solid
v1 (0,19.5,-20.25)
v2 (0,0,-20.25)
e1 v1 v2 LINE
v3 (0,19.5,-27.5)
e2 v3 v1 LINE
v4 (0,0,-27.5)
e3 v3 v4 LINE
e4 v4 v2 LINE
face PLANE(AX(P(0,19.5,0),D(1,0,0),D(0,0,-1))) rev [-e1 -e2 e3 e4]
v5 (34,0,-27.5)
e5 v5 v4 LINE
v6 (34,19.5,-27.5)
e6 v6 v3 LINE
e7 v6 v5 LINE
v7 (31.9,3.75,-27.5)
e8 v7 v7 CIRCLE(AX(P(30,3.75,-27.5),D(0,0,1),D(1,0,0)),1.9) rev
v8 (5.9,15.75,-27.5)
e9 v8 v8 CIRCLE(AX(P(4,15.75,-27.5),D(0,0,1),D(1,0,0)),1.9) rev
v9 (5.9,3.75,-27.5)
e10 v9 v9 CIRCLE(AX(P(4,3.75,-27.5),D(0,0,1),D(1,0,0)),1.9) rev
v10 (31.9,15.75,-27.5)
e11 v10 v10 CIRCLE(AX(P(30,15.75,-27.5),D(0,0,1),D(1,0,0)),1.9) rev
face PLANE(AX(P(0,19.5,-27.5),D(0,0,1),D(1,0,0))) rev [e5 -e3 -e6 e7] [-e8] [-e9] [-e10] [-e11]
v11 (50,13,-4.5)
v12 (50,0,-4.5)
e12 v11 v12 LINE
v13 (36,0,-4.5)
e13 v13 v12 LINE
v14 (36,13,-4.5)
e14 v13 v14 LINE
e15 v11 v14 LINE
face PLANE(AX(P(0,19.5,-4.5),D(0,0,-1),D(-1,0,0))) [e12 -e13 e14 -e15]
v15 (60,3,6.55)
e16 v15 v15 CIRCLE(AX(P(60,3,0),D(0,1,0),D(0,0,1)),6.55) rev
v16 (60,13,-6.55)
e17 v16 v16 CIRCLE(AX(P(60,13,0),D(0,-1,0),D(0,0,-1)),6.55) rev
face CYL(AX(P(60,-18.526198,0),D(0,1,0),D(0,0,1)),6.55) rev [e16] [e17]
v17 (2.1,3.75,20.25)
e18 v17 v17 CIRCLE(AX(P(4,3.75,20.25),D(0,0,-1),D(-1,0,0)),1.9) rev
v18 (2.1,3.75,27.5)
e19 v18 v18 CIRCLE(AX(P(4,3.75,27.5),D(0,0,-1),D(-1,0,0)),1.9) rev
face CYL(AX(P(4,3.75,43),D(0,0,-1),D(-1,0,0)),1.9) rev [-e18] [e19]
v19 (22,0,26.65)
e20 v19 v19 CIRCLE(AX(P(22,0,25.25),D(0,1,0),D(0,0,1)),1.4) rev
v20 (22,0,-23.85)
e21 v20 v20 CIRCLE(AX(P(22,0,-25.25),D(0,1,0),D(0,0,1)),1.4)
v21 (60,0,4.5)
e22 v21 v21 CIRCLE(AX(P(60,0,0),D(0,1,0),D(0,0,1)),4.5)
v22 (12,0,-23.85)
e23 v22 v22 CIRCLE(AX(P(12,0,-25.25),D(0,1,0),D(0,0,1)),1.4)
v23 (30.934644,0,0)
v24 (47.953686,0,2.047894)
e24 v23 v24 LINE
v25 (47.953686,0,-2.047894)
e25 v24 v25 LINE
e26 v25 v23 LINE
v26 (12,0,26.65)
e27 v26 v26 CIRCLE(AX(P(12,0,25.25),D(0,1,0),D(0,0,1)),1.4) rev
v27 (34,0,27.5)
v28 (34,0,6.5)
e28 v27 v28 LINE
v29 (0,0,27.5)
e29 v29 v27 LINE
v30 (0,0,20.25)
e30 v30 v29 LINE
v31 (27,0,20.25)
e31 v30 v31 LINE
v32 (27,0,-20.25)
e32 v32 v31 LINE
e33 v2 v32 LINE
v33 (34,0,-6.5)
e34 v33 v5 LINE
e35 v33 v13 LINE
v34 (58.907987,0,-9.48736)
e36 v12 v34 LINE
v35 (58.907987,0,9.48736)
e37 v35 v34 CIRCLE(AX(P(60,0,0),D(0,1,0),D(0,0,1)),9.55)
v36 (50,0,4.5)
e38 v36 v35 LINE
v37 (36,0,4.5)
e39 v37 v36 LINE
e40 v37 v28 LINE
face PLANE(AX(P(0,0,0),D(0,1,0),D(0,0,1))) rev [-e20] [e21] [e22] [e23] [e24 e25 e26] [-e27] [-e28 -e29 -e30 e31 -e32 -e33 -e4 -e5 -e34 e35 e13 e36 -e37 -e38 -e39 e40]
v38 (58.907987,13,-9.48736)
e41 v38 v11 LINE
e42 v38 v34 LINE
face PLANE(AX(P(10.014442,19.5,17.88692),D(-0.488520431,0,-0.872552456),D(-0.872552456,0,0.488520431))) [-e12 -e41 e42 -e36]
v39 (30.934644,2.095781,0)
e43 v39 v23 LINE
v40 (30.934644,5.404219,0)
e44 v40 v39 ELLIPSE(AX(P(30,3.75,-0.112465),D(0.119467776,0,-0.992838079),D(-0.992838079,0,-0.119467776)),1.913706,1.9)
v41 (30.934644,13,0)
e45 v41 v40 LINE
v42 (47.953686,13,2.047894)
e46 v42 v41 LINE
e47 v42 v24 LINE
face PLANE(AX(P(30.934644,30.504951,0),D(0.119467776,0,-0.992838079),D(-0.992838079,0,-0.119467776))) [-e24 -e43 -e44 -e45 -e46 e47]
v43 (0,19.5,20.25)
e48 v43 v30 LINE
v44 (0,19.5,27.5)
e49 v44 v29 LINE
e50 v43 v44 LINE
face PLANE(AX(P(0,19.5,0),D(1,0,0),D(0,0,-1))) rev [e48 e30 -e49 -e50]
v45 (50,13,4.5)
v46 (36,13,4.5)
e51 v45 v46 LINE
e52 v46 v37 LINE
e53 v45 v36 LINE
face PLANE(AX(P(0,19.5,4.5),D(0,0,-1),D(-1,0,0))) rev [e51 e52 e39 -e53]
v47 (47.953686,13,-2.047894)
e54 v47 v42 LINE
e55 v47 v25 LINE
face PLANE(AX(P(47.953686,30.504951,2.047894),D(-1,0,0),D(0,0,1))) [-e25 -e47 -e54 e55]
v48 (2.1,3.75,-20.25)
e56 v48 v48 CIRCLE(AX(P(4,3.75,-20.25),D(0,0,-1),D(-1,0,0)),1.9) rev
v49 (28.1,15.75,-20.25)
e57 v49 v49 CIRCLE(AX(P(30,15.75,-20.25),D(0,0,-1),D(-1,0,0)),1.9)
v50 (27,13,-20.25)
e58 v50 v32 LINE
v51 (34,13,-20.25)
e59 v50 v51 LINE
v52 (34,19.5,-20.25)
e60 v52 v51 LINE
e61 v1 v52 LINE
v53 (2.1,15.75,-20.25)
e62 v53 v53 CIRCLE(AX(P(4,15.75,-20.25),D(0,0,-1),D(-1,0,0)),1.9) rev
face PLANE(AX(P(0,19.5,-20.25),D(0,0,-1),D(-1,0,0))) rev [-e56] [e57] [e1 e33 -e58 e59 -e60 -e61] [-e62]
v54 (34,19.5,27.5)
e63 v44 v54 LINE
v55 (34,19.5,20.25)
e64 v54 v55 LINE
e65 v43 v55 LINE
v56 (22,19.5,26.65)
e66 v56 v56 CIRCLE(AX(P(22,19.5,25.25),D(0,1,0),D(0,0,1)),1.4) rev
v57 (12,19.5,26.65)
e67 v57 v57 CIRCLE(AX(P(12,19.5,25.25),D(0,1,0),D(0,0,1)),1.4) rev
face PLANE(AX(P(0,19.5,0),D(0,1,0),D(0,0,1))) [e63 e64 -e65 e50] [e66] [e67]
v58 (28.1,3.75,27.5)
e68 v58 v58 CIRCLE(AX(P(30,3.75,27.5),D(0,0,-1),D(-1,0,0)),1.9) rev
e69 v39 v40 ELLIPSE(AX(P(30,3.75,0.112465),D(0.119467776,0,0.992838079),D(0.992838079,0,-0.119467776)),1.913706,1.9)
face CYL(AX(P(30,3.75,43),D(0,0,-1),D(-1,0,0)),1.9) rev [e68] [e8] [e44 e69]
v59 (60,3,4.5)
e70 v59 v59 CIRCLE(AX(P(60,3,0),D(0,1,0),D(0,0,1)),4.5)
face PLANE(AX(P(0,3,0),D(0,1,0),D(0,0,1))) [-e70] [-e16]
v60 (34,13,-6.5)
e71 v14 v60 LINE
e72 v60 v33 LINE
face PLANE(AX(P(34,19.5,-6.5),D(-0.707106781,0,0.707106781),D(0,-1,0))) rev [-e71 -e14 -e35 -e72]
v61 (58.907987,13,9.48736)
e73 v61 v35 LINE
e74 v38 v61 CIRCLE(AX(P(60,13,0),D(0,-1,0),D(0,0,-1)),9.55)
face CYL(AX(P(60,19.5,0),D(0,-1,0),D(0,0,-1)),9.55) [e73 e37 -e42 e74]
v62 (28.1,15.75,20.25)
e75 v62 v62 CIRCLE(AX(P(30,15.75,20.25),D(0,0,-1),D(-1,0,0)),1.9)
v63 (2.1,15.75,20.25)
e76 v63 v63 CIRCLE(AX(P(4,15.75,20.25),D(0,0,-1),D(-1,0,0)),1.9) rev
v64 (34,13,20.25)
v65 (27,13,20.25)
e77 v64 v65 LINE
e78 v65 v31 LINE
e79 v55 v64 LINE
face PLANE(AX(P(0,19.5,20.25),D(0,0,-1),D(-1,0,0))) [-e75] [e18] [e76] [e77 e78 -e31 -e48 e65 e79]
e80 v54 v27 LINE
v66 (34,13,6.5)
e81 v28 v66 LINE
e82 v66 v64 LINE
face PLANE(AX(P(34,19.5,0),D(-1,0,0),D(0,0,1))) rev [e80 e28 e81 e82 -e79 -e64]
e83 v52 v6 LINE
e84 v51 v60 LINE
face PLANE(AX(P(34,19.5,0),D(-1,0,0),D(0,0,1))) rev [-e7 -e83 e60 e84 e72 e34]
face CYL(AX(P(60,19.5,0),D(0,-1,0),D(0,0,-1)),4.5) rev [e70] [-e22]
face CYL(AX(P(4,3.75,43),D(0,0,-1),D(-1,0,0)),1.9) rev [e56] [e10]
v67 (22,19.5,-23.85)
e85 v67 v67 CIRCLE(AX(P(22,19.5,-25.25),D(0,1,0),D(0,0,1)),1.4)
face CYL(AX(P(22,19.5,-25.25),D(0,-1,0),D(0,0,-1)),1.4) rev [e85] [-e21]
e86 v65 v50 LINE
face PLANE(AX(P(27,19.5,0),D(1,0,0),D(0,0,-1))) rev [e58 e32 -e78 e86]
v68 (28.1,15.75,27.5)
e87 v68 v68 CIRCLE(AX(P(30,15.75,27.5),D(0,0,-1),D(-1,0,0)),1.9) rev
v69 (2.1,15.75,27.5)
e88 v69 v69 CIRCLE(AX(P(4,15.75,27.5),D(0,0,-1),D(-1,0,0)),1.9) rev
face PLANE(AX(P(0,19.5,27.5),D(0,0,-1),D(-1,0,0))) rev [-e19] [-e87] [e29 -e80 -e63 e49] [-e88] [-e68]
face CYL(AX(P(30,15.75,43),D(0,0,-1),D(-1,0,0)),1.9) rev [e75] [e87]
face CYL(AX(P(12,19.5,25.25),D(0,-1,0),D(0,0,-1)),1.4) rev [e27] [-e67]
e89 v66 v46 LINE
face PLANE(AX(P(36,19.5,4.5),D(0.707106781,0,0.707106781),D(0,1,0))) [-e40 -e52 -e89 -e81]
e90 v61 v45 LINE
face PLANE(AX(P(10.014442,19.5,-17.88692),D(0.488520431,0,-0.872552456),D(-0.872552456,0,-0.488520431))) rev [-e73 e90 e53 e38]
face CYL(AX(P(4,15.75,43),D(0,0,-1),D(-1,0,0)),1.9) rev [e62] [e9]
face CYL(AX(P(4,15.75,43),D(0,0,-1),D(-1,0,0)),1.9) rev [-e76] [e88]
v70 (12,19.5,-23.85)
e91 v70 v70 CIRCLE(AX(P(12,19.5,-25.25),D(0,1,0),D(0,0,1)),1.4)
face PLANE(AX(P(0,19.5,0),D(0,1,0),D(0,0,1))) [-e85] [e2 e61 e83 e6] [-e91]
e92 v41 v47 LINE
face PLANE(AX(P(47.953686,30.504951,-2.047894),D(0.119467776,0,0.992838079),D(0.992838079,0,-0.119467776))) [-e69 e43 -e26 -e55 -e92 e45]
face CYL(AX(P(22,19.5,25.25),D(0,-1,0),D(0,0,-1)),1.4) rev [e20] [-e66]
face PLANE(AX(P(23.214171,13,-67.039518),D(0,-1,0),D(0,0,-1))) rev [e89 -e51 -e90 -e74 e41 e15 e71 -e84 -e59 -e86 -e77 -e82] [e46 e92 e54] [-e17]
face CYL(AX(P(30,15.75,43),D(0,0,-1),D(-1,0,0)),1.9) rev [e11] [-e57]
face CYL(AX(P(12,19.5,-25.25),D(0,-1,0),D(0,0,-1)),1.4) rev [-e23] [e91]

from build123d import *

# Parameters (mm, degrees)
SKETCH8_R                      = 4.5
SKETCH8_R_2                    = 1.4
BOSS_EXTRUDE2_DEPTH            = 19.5
SKETCH10_R                     = 6.55
CUT_EXTRUDE6_DEPTH             = 16.5
CUT_EXTRUDE7_DEPTH             = 43
CUT_EXTRUDE7_DEPTH_BACK        = 47
SKETCH12_R                     = 1.9
CUT_EXTRUDE8_REACH             = 79.29
SKETCH13_W                     = 46.335828735
SKETCH13_H                     = 6.5
CUT_EXTRUDE8_DIRECTION_2_REACH = 79.29
CHAMFER2_SIZE                  = 2
CUT_EXTRUDE9_DEPTH             = 13


with BuildPart() as part:
    # Sketch8 → Boss-Extrude2 (new body)
    with BuildSketch(Plane(origin=(0, 0, 0), x_dir=(1, 0, 0), z_dir=(0, 1, 0))):
        with BuildLine():
            Line((34, 4.5), (50, 4.5))
            Line((50, 4.5), (58.907986832, 9.487360394))
            ThreePointArc((58.907986832, 9.487360394), (69.55, 0), (58.907986832, -9.487360394))
            Line((58.907986832, -9.487360394), (50, -4.5))
            Line((50, -4.5), (34, -4.5))
            Line((34, -4.5), (34, -27.5))
            Line((34, -27.5), (0, -27.5))
            Line((0, -27.5), (0, -20.25))
            Line((0, -20.25), (27, -20.25))
            Line((27, -20.25), (27, 20.25))
            Line((27, 20.25), (0, 20.25))
            Line((0, 20.25), (0, 27.5))
            Line((0, 27.5), (34, 27.5))
            Line((34, 27.5), (34, 4.5))
        make_face()
        with Locations(Location((60, 0, 0), (0, 0, 270))):
            Circle(SKETCH8_R, mode=Mode.SUBTRACT)
        with Locations(Location((22, 25.25, 0), (0, 0, 270))):
            Circle(SKETCH8_R_2, mode=Mode.SUBTRACT)
        with Locations(Location((12, 25.25, 0), (0, 0, 270))):
            Circle(SKETCH8_R_2, mode=Mode.SUBTRACT)
        with Locations(Location((22, -25.25, 0), (0, 0, 270))):
            Circle(SKETCH8_R_2, mode=Mode.SUBTRACT)
        with Locations(Location((12, -25.25, 0), (0, 0, 270))):
            Circle(SKETCH8_R_2, mode=Mode.SUBTRACT)
    extrude(amount=BOSS_EXTRUDE2_DEPTH)

    # Sketch10 → Cut-Extrude6 (cut)
    with BuildSketch(Plane(origin=(0, 19.5, 0), x_dir=(1, 0, 0), z_dir=(0, 1, 0))):
        with Locations(Location((60, 0, 0), (0, 0, 270))):
            Circle(SKETCH10_R)
    extrude(amount=-CUT_EXTRUDE6_DEPTH, mode=Mode.SUBTRACT)

    # Sketch12 → Cut-Extrude7 (cut, two sides: drawn at the far end of the back side and taken through both)
    with BuildSketch(Plane.XY.offset(-CUT_EXTRUDE7_DEPTH_BACK)):
        with Locations(Location((4, 15.75, 0), (0, 0, 180))):
            Circle(SKETCH12_R)
        with Locations(Location((4, 3.75, 0), (0, 0, 180))):
            Circle(SKETCH12_R)
        with Locations(Location((30, 15.75, 0), (0, 0, 180))):
            Circle(SKETCH12_R)
        with Locations(Location((30, 3.75, 0), (0, 0, 180))):
            Circle(SKETCH12_R)
    extrude(amount=CUT_EXTRUDE7_DEPTH + CUT_EXTRUDE7_DEPTH_BACK, mode=Mode.SUBTRACT)

    # Cut-Extrude8: up to this face of the body (flat: up to its plane)
    cut_extrude8_end = Plane(part.part.faces().sort_by_distance((13.927698034, 9.75, -20.25))[0])
    # Sketch13 → Cut-Extrude8 (cut, up to the picked face)
    with BuildSketch(Plane.XY, mode=Mode.PRIVATE) as cut_extrude8_sk1:
        with Locations((46.382085633, 16.25)):
            Rectangle(SKETCH13_W, SKETCH13_H)
    cut_extrude8_tool1 = split(extrude(cut_extrude8_sk1.sketch, amount=-CUT_EXTRUDE8_REACH, mode=Mode.PRIVATE), bisect_by=cut_extrude8_end, keep=Keep.BOTH, mode=Mode.PRIVATE)
    add(cut_extrude8_tool1.solids().sort_by(Axis((46.382086, 16.25, 0), (0, 0, -1)))[0], mode=Mode.SUBTRACT)

    # Cut-Extrude8 direction 2: up to this face of the body (flat: up to its plane)
    cut_extrude8_direction_2_end = Plane(part.part.faces().sort_by_distance((13.927698034, 9.75, 20.25))[0])
    # Sketch13 → Cut-Extrude8 direction 2 (cut, up to the picked face)
    with BuildSketch(Plane.XY, mode=Mode.PRIVATE) as cut_extrude8_direction_2_sk1:
        with Locations((46.382085633, 16.25)):
            Rectangle(SKETCH13_W, SKETCH13_H)
    cut_extrude8_direction_2_tool1 = split(extrude(cut_extrude8_direction_2_sk1.sketch, amount=CUT_EXTRUDE8_DIRECTION_2_REACH, mode=Mode.PRIVATE), bisect_by=cut_extrude8_direction_2_end, keep=Keep.BOTH, mode=Mode.PRIVATE)
    add(cut_extrude8_direction_2_tool1.solids().sort_by(Axis((46.382086, 16.25, 0), (0, 0, 1)))[0], mode=Mode.SUBTRACT)

    # Chamfer2
    chamfer2_edges = [part.edges().sort_by_distance(p)[0] for p in [
        (34, 6.5, 4.5),
        (34, 6.5, -4.5),
    ]]
    chamfer(chamfer2_edges, length=CHAMFER2_SIZE)

    # Sketch16 → Cut-Extrude9 (cut)
    with BuildSketch(Plane(origin=(0, 0, 0), x_dir=(1, 0, 0), z_dir=(0, 1, 0))):
        Polygon((47.953686356, -2.047894041), (47.953686356, 2.047894041), (30.934643554, 0), align=None)
    extrude(amount=CUT_EXTRUDE9_DEPTH, mode=Mode.SUBTRACT)


solid = part.part
